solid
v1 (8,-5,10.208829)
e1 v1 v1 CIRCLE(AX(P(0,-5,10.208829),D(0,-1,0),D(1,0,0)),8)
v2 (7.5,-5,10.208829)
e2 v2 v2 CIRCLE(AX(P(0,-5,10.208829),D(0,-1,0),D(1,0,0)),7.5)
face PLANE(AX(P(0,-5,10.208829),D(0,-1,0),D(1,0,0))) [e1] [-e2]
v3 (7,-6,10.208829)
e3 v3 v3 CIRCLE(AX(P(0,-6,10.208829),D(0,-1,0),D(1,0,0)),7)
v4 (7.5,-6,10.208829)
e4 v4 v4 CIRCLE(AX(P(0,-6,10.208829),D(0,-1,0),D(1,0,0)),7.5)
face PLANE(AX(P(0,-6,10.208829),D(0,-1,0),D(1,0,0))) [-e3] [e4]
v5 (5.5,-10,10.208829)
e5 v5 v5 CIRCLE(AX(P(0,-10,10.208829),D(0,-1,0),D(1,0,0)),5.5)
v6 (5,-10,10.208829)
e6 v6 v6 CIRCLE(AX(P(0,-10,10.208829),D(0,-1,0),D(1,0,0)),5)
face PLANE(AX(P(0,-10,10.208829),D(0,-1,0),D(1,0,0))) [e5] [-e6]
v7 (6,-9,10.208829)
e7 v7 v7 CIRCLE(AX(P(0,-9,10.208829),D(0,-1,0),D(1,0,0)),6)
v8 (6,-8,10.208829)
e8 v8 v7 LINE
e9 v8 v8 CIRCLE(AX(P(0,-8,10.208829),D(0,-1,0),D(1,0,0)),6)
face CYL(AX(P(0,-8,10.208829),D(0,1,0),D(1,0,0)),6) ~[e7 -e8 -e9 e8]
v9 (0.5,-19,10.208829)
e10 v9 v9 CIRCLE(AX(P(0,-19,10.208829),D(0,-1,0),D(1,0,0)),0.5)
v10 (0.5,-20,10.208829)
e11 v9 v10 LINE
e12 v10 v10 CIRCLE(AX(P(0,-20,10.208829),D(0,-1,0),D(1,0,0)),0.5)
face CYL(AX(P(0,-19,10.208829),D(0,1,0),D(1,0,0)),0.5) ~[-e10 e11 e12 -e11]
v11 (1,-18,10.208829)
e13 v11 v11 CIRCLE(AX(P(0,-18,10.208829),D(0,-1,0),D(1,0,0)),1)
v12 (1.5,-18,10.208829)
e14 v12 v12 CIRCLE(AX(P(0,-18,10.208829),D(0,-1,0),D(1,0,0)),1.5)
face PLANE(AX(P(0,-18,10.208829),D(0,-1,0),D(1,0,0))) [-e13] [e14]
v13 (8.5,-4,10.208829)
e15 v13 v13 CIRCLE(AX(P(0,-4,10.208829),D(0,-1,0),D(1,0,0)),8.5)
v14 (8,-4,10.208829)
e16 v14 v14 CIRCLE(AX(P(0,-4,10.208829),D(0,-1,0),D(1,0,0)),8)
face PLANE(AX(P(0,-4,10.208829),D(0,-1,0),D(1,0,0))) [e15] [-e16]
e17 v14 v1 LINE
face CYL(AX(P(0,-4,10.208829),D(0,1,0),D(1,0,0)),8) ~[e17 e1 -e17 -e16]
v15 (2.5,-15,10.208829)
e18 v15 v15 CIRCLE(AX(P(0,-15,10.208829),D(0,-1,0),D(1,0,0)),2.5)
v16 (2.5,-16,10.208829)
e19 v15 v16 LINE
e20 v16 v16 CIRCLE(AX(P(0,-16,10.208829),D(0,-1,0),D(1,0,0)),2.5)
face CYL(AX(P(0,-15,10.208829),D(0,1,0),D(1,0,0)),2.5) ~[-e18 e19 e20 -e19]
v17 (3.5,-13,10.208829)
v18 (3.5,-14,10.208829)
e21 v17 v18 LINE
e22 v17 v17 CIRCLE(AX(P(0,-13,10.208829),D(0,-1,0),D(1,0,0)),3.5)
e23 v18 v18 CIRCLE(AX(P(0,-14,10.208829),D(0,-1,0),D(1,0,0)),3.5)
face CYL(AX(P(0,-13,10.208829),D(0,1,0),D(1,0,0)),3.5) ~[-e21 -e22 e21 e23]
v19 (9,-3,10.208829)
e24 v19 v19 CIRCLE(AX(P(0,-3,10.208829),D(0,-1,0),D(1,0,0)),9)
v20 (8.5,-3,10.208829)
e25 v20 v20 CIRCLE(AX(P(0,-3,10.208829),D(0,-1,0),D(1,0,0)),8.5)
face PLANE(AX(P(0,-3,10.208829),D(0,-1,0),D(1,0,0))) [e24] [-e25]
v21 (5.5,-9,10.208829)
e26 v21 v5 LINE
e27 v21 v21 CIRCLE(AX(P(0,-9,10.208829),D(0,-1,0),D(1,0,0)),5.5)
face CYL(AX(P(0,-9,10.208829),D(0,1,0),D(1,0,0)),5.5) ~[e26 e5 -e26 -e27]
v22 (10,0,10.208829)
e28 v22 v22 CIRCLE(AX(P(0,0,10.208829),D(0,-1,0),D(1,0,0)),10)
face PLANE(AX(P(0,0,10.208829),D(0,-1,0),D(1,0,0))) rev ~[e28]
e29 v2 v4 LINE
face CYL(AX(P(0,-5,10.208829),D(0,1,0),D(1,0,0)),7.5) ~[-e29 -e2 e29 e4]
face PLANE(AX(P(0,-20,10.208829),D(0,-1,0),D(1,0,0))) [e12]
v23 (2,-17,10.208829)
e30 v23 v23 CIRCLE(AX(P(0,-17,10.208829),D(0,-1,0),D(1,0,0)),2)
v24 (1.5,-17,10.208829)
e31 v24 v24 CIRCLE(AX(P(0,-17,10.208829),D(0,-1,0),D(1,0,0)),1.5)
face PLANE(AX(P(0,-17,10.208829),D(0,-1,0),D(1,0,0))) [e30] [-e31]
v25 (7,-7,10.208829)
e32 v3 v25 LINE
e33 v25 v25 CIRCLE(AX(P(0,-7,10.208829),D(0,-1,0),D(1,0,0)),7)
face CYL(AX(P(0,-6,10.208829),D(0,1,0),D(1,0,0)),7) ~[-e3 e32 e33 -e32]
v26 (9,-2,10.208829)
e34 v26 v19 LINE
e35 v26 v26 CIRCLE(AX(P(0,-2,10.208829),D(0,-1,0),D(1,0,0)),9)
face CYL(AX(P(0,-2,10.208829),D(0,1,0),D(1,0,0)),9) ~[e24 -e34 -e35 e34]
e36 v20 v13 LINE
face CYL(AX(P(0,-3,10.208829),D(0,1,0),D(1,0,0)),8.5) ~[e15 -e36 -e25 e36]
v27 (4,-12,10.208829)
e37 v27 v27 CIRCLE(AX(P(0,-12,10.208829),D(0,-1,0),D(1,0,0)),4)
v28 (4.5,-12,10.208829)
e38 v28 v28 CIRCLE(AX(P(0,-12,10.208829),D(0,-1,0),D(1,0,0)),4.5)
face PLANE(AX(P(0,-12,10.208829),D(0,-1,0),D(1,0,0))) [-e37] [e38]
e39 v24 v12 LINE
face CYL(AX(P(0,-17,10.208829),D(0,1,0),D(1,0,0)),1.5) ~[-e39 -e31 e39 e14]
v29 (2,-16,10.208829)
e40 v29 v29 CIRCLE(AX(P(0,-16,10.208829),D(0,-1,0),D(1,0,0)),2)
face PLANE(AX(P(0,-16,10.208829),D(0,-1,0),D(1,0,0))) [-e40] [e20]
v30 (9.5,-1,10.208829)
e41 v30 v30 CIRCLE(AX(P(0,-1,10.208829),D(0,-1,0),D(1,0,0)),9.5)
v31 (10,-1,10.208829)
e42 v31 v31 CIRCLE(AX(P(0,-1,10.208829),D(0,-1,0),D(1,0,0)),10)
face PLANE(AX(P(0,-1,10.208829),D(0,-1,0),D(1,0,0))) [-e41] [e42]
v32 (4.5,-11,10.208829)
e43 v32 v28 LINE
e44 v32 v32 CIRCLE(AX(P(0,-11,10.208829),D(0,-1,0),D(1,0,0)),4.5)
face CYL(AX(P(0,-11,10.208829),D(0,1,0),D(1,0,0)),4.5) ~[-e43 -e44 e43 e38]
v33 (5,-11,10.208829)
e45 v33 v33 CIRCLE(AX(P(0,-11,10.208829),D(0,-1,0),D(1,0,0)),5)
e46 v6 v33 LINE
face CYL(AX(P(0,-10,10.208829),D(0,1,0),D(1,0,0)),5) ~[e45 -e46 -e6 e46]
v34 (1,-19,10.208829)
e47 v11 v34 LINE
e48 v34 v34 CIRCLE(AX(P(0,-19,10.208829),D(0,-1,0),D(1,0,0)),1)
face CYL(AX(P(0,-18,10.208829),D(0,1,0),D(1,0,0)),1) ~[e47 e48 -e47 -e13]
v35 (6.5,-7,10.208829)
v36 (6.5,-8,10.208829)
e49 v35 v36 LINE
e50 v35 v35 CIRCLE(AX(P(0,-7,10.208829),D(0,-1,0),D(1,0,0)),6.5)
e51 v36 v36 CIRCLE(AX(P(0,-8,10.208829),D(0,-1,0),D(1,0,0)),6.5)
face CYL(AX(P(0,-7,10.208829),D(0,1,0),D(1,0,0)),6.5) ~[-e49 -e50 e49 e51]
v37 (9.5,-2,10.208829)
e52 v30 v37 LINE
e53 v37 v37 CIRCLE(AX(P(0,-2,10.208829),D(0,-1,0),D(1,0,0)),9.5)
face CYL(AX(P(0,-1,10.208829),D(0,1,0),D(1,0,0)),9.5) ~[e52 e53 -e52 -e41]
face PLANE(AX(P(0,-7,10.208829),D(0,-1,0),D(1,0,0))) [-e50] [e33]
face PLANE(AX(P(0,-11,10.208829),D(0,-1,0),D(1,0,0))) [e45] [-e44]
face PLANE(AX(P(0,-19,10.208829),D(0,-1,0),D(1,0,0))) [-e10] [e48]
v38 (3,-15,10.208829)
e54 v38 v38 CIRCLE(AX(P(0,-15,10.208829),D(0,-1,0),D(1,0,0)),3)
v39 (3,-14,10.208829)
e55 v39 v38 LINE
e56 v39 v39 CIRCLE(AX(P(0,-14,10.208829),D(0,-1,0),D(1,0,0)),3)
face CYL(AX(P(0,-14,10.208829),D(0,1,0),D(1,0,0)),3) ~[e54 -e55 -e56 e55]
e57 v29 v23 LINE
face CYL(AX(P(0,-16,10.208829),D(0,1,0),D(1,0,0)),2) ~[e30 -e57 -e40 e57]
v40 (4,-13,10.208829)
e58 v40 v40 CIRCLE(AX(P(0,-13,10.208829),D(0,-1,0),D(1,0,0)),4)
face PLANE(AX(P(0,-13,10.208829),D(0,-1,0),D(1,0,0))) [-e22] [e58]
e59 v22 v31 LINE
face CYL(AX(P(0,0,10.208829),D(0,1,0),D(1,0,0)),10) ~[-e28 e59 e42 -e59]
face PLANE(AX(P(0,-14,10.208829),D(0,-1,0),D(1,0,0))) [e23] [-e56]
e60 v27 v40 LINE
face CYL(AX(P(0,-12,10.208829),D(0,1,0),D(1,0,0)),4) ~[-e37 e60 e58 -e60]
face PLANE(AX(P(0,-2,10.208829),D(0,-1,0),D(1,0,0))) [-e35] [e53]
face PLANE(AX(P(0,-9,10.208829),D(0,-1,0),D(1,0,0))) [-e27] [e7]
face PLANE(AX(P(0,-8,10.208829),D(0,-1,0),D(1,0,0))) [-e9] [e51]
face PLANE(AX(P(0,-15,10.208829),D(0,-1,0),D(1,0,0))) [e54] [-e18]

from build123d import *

# Parameters (mm, degrees)
F0_R      = 10
F1_DEPTH  = 1
F2_R      = 9.5
F3_DEPTH  = 1
F4_R      = 9
F5_DEPTH  = 1
F6_R      = 8.5
F7_DEPTH  = 1
F8_R      = 8
F9_DEPTH  = 1
F10_R     = 7.5
F11_DEPTH = 1
F12_R     = 7
F13_DEPTH = 1
F14_R     = 6.5
F15_DEPTH = 1
F16_R     = 6
F17_DEPTH = 1
F18_R     = 5.5
F19_DEPTH = 1
F20_R     = 5
F21_DEPTH = 1
F22_R     = 4.5
F23_DEPTH = 1
F24_R     = 4
F25_DEPTH = 1
F26_R     = 3.5
F27_DEPTH = 1
F28_R     = 3
F29_DEPTH = 1
F30_R     = 2.5
F31_DEPTH = 1
F32_R     = 2
F33_DEPTH = 1
F34_R     = 1.5
F35_DEPTH = 1
F36_R     = 1
F37_DEPTH = 1
F38_R     = 0.5
F39_DEPTH = 1


with BuildPart() as f1:
    # F0 (on Front) → F1 (new body)
    with BuildSketch(Plane.XZ):
        with Locations((0, 10.208829)):
            Circle(F0_R)
    extrude(amount=F1_DEPTH)

    # F2 (on face) → F3 (join)
    with BuildSketch(Plane.XZ.offset(1)):
        with Locations((0, 10.208829)):
            Circle(F2_R)
    extrude(amount=F3_DEPTH)

    # F4 (on face) → F5 (join)
    with BuildSketch(Plane.XZ.offset(2)):
        with Locations((0, 10.208829)):
            Circle(F4_R)
    extrude(amount=F5_DEPTH)

    # F6 (on face) → F7 (join)
    with BuildSketch(Plane.XZ.offset(3)):
        with Locations((0, 10.208829)):
            Circle(F6_R)
    extrude(amount=F7_DEPTH)

    # F8 (on face) → F9 (join)
    with BuildSketch(Plane.XZ.offset(4)):
        with Locations((0, 10.208829)):
            Circle(F8_R)
    extrude(amount=F9_DEPTH)

    # F10 (on face) → F11 (join)
    with BuildSketch(Plane.XZ.offset(5)):
        with Locations((0, 10.208829)):
            Circle(F10_R)
    extrude(amount=F11_DEPTH)

    # F12 (on face) → F13 (join)
    with BuildSketch(Plane.XZ.offset(6)):
        with Locations((0, 10.208829)):
            Circle(F12_R)
    extrude(amount=F13_DEPTH)

    # F14 (on face) → F15 (join)
    with BuildSketch(Plane.XZ.offset(7)):
        with Locations((0, 10.208829)):
            Circle(F14_R)
    extrude(amount=F15_DEPTH)

    # F16 (on face) → F17 (join)
    with BuildSketch(Plane.XZ.offset(8)):
        with Locations((0, 10.208829)):
            Circle(F16_R)
    extrude(amount=F17_DEPTH)

    # F18 (on face) → F19 (join)
    with BuildSketch(Plane.XZ.offset(9)):
        with Locations((0, 10.208829)):
            Circle(F18_R)
    extrude(amount=F19_DEPTH)

    # F20 (on face) → F21 (join)
    with BuildSketch(Plane.XZ.offset(10)):
        with Locations((0, 10.208829)):
            Circle(F20_R)
    extrude(amount=F21_DEPTH)

    # F22 (on face) → F23 (join)
    with BuildSketch(Plane.XZ.offset(11)):
        with Locations((0, 10.208829)):
            Circle(F22_R)
    extrude(amount=F23_DEPTH)

    # F24 (on face) → F25 (join)
    with BuildSketch(Plane.XZ.offset(12)):
        with Locations((0, 10.208829)):
            Circle(F24_R)
    extrude(amount=F25_DEPTH)

    # F26 (on face) → F27 (join)
    with BuildSketch(Plane.XZ.offset(13)):
        with Locations((0, 10.208829)):
            Circle(F26_R)
    extrude(amount=F27_DEPTH)

    # F28 (on face) → F29 (join)
    with BuildSketch(Plane.XZ.offset(14)):
        with Locations((0, 10.208829)):
            Circle(F28_R)
    extrude(amount=F29_DEPTH)

    # F30 (on face) → F31 (join)
    with BuildSketch(Plane.XZ.offset(15)):
        with Locations((0, 10.208829)):
            Circle(F30_R)
    extrude(amount=F31_DEPTH)

    # F32 (on face) → F33 (join)
    with BuildSketch(Plane.XZ.offset(16)):
        with Locations((0, 10.208829)):
            Circle(F32_R)
    extrude(amount=F33_DEPTH)

    # F34 (on face) → F35 (join)
    with BuildSketch(Plane.XZ.offset(17)):
        with Locations((0, 10.208829)):
            Circle(F34_R)
    extrude(amount=F35_DEPTH)

    # F36 (on face) → F37 (join)
    with BuildSketch(Plane.XZ.offset(18)):
        with Locations((0, 10.208829)):
            Circle(F36_R)
    extrude(amount=F37_DEPTH)

    # F38 (on face) → F39 (join)
    with BuildSketch(Plane.XZ.offset(19)):
        with Locations((0, 10.208829)):
            Circle(F38_R)
    extrude(amount=F39_DEPTH)


solid = f1.part
